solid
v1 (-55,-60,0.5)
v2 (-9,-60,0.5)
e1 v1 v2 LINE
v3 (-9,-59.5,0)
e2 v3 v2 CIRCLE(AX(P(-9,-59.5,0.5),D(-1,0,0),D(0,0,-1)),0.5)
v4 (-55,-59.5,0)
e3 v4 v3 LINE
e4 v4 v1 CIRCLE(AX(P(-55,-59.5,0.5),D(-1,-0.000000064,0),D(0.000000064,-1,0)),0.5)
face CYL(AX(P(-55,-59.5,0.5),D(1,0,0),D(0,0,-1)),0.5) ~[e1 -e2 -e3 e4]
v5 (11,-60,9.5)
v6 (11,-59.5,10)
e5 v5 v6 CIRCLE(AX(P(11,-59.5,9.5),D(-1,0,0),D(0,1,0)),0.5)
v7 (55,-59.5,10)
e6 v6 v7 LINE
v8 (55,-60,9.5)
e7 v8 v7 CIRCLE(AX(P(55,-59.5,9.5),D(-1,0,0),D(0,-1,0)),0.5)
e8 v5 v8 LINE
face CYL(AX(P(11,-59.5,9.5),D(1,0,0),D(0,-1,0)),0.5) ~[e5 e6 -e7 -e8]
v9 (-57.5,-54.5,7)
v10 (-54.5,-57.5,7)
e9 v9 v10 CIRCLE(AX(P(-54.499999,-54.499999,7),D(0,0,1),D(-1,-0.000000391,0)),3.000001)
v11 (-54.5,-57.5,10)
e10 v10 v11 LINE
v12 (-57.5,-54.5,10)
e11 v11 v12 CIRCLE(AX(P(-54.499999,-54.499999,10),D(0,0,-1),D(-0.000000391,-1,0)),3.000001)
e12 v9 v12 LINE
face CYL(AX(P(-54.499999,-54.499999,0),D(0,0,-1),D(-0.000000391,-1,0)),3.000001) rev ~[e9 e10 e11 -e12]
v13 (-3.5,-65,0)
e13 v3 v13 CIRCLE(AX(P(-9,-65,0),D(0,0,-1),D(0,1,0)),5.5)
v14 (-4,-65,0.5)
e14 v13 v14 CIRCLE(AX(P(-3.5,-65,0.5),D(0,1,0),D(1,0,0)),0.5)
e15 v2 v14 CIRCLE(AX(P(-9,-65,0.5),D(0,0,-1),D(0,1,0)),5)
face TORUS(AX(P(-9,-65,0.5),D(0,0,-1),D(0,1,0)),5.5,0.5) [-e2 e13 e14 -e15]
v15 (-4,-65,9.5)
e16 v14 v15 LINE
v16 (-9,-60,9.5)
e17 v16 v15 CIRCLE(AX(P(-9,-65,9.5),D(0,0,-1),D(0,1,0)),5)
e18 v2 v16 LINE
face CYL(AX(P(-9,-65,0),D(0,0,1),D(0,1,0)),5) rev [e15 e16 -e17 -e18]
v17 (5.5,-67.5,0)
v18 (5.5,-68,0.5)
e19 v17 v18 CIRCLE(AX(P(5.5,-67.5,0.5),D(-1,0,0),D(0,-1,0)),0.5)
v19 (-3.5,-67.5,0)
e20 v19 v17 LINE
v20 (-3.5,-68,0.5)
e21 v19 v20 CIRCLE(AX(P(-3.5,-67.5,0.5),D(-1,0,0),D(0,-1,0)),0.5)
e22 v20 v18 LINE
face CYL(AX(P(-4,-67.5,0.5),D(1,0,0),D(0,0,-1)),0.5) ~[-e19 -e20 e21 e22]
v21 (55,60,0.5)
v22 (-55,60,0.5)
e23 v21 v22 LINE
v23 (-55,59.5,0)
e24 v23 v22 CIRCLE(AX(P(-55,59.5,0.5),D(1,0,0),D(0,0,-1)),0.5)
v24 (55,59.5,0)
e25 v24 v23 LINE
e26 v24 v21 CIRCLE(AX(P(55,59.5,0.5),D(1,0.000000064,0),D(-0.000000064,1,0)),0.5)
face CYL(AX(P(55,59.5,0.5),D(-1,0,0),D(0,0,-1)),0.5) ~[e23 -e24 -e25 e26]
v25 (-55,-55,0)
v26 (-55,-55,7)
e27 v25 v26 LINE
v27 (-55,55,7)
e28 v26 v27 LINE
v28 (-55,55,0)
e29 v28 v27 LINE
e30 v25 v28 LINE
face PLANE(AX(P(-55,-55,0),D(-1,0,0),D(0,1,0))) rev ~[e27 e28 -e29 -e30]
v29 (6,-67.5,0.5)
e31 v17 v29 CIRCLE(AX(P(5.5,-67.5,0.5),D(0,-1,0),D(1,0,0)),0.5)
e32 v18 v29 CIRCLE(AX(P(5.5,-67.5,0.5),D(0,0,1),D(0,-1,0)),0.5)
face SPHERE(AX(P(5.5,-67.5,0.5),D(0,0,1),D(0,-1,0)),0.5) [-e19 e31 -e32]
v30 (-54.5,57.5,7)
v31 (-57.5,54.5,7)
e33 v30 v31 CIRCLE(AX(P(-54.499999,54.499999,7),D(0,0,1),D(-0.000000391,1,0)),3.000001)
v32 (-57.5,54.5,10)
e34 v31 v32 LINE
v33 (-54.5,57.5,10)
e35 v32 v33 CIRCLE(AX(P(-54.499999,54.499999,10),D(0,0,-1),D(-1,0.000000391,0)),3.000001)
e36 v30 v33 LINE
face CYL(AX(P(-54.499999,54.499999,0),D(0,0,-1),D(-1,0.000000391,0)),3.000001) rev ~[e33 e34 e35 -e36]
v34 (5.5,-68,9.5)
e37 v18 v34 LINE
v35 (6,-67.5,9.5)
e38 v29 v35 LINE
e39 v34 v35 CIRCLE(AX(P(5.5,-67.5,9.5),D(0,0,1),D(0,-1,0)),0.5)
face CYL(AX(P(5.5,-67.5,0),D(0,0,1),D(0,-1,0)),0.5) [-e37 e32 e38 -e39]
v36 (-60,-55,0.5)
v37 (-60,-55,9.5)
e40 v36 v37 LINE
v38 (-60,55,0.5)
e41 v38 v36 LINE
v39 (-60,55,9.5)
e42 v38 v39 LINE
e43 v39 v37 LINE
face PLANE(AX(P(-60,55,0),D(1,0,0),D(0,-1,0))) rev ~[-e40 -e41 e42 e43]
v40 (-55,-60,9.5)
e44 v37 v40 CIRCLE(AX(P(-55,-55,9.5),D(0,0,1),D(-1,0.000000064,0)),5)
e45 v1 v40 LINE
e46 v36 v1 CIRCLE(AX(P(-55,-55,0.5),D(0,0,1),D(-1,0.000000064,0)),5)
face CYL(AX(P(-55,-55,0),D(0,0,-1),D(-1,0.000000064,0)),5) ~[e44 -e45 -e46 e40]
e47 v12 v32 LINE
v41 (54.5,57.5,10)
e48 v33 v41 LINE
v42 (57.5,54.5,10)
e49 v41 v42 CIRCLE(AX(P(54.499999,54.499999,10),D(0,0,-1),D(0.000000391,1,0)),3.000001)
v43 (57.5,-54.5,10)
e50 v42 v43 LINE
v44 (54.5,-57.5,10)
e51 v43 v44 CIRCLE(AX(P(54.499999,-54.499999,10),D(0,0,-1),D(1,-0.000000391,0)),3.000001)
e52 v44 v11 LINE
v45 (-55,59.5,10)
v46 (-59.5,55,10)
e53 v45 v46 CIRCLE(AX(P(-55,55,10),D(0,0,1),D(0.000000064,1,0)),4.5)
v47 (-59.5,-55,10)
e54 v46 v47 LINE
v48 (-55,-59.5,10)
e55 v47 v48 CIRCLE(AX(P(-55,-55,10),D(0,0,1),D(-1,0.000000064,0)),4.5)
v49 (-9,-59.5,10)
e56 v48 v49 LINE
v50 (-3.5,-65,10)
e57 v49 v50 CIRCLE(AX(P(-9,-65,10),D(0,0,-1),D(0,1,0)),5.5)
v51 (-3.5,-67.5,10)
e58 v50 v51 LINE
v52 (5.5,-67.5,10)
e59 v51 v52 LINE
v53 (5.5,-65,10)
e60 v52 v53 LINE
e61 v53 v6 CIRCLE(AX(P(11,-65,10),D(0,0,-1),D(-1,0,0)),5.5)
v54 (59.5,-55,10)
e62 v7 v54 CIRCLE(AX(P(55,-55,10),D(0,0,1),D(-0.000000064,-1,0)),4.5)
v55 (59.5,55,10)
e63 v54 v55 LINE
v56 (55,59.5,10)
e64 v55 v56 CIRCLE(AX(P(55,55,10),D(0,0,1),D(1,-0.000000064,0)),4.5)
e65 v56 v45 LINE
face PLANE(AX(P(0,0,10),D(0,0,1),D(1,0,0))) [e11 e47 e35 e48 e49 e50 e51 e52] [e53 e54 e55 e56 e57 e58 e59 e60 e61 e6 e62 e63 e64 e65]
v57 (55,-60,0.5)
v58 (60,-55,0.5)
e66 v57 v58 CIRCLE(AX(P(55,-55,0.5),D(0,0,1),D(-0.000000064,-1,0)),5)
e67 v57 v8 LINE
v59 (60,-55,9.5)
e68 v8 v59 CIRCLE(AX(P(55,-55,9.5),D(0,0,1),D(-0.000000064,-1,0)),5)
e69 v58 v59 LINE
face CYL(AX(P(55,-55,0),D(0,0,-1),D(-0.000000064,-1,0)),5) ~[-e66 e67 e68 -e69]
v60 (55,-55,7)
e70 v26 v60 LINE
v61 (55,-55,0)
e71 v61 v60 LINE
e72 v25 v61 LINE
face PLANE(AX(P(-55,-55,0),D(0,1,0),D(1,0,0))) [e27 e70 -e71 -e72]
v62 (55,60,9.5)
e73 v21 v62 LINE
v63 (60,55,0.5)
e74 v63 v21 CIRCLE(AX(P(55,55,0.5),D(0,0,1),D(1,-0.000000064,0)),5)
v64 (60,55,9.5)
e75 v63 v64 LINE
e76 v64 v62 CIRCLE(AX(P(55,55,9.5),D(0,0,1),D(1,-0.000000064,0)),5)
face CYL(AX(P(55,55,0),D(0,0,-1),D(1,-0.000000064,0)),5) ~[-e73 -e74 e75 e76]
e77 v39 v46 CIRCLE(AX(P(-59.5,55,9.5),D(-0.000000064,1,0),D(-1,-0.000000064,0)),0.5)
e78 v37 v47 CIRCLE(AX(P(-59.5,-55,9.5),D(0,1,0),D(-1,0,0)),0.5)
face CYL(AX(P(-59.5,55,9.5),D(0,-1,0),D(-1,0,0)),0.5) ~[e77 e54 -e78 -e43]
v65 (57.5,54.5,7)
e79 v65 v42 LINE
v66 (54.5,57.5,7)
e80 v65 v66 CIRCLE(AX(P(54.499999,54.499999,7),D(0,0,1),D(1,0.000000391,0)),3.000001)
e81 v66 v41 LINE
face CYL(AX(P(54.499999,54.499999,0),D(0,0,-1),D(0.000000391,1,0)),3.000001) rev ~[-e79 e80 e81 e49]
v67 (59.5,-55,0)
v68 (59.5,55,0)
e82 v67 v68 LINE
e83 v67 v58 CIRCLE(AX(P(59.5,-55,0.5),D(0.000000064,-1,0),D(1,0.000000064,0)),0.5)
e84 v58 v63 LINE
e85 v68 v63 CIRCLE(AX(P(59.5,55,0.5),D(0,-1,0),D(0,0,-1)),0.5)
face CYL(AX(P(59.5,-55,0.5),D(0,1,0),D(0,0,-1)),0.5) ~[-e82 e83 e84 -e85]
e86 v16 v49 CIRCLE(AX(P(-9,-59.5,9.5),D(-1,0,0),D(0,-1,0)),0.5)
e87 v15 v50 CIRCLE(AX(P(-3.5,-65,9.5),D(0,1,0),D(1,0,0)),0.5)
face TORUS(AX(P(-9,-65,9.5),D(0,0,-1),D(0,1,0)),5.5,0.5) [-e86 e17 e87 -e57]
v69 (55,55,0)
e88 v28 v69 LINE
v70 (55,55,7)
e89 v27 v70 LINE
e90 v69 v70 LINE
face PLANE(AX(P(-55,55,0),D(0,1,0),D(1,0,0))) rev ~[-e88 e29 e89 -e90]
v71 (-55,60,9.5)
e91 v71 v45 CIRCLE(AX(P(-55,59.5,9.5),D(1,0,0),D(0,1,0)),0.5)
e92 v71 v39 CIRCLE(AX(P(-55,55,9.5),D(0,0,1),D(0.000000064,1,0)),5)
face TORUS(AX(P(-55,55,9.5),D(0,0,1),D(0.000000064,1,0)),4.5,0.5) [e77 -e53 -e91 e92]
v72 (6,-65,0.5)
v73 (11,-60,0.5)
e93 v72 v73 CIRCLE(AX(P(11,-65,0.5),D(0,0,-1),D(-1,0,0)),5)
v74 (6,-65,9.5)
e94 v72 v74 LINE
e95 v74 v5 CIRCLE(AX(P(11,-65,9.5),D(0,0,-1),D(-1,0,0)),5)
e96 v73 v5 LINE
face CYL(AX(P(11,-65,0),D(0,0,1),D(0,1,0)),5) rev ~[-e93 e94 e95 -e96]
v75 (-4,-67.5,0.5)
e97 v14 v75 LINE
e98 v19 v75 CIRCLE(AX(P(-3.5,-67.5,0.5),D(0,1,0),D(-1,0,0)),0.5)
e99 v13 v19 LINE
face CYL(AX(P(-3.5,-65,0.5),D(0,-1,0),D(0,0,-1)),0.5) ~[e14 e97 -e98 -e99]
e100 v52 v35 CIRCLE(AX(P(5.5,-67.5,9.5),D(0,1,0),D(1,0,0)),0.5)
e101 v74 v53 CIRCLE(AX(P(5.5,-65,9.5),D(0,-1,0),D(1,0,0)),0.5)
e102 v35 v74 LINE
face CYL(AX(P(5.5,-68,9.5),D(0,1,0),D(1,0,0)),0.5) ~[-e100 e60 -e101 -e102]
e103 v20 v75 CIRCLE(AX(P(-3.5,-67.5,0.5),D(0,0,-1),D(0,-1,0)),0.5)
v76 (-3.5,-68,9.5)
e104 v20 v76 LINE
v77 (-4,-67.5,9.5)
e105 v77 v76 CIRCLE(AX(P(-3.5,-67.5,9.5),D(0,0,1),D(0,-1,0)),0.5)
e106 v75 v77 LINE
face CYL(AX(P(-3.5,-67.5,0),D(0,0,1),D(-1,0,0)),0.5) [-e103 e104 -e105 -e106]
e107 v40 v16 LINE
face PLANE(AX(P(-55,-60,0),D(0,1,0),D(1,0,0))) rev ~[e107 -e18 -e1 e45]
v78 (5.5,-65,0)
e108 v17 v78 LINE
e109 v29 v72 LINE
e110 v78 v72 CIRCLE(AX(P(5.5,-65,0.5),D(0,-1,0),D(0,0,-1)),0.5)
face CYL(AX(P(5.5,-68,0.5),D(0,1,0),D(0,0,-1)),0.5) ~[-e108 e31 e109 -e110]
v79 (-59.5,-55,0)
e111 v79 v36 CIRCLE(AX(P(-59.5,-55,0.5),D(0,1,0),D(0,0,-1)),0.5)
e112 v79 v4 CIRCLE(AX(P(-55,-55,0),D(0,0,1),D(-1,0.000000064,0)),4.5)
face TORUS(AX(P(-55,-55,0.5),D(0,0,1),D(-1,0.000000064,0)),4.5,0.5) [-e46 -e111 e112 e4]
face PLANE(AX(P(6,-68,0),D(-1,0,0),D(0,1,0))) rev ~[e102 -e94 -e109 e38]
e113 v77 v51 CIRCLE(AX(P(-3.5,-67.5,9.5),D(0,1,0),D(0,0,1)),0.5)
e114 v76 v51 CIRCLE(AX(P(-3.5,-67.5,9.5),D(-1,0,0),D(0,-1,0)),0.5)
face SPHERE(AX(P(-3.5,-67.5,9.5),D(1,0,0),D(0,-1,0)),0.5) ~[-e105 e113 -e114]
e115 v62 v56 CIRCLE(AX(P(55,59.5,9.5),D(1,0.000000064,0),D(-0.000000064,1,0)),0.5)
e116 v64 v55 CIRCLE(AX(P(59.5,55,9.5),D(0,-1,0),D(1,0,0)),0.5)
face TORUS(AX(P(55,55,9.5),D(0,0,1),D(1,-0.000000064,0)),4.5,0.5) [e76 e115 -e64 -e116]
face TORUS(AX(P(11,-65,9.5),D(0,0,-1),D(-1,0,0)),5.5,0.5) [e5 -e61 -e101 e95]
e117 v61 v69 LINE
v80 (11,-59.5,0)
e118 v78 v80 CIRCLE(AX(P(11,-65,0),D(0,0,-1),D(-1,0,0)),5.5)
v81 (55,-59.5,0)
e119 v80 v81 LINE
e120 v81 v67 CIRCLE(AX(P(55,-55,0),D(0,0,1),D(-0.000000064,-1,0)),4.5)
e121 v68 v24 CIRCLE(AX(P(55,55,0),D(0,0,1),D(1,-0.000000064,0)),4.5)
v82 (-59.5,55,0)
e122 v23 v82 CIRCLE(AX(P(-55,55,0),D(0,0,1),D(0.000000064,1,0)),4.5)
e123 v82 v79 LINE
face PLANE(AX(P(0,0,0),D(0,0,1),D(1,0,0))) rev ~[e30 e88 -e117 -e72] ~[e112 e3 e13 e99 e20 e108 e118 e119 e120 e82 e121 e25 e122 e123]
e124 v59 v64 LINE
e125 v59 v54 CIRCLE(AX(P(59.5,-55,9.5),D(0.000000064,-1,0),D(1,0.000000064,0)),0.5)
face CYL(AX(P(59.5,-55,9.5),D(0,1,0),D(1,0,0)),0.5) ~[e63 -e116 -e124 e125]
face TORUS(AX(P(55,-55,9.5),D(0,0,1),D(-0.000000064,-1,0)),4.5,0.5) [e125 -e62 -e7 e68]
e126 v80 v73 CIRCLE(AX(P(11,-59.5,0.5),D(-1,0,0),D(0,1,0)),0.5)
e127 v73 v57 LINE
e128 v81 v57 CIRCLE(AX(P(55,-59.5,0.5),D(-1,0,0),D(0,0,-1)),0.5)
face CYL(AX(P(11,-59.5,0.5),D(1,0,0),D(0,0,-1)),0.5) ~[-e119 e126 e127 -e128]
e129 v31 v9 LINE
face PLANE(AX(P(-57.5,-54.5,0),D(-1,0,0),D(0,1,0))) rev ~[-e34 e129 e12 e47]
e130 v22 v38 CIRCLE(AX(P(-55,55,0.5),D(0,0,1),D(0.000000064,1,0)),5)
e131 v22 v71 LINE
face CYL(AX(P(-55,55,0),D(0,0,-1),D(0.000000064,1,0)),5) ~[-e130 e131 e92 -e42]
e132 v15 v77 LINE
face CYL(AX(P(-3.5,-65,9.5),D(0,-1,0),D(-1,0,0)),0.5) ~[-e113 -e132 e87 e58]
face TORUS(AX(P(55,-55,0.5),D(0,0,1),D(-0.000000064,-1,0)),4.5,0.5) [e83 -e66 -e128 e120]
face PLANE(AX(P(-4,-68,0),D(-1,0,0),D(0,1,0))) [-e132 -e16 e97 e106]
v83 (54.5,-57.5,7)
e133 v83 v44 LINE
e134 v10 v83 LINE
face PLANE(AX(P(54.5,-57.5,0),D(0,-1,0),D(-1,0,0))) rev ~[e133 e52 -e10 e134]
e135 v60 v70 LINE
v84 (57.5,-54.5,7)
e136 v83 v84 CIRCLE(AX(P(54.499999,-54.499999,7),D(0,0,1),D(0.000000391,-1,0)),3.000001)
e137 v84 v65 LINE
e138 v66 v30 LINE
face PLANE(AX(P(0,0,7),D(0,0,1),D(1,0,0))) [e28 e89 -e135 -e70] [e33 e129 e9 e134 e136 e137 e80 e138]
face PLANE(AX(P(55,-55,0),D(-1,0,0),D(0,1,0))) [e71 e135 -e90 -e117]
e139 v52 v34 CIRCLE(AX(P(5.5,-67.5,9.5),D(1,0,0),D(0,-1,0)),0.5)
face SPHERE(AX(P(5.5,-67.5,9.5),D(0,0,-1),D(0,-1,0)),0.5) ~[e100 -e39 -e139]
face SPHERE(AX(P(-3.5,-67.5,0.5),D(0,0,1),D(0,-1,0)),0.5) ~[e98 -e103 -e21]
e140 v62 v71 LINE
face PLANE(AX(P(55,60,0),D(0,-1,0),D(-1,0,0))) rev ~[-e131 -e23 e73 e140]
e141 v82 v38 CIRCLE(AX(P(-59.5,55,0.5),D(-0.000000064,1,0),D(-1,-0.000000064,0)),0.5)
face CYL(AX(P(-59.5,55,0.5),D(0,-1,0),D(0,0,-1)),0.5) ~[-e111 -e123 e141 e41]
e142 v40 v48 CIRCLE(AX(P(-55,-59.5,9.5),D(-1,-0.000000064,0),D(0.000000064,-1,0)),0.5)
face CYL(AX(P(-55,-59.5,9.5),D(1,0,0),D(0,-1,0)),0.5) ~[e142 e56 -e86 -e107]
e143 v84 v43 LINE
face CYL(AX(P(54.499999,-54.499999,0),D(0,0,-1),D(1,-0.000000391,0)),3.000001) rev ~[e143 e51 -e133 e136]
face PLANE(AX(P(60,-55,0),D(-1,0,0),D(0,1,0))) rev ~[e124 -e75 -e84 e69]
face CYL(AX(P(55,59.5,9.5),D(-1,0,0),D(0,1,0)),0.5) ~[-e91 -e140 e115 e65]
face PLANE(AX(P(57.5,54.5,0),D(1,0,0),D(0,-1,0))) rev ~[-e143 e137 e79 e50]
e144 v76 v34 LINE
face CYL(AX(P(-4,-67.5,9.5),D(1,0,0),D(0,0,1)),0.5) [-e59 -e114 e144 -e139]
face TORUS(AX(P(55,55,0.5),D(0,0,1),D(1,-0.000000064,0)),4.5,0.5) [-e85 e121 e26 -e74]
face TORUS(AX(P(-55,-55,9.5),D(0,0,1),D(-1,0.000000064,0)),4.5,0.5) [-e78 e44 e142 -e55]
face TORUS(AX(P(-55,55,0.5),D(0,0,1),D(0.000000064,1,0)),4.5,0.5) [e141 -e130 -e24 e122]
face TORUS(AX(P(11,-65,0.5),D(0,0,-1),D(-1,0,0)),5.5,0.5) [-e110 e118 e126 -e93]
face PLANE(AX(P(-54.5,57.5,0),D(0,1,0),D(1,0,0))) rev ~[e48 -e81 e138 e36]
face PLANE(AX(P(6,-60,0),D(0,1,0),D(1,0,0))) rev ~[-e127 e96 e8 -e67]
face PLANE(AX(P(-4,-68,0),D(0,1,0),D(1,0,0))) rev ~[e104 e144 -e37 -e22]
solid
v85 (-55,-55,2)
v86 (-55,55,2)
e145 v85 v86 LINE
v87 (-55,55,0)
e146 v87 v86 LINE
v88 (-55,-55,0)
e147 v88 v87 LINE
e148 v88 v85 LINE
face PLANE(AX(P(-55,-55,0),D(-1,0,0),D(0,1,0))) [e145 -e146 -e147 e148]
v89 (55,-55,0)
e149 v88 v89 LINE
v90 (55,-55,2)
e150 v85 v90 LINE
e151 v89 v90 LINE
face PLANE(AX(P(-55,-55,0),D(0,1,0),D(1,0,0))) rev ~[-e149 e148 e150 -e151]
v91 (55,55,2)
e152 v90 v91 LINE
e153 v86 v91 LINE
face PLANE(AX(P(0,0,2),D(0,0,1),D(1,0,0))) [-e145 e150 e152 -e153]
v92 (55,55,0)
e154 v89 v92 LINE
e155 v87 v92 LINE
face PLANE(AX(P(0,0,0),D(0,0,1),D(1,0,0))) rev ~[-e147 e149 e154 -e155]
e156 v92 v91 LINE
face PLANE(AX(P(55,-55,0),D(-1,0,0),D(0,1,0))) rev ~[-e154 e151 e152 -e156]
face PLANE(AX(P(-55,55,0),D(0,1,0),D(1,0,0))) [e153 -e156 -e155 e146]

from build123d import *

# Parameters (mm, degrees)
F0_W     = 110
F0_H     = 110
F1_DEPTH = 2
F2_DEPTH = 7
F0_W_2   = 10
F0_H_2   = 8
F3_DEPTH = 10
F4_R     = 5
F5_R     = 0.5


with BuildPart() as f1:
    # F0 (on Top) → F1 (new body)
    with BuildSketch(Plane.XY):
        Rectangle(F0_W, F0_H)
    extrude(amount=F1_DEPTH)


with BuildPart() as f2:
    # F0 (on Top) → F2 (new body)
    with BuildSketch(Plane.XY):
        with BuildLine():
            Line((-54.5, -57.5), (54.5, -57.5))
            ThreePointArc((54.5, -57.5), (56.62132, -56.62132), (57.5, -54.5))
            Line((57.5, -54.5), (57.5, 54.5))
            ThreePointArc((57.5, 54.5), (56.62132, 56.62132), (54.5, 57.5))
            Line((54.5, 57.5), (-54.5, 57.5))
            ThreePointArc((-54.5, 57.5), (-56.62132, 56.62132), (-57.5, 54.5))
            Line((-57.5, 54.5), (-57.5, -54.5))
            ThreePointArc((-57.5, -54.5), (-56.62132, -56.62132), (-54.5, -57.5))
        make_face()
        Rectangle(F0_W, F0_H, mode=Mode.SUBTRACT)
    extrude(amount=F2_DEPTH)

    # F0 (on Top) → F3 (join)
    with BuildSketch(Plane.XY):
        with BuildLine():
            Line((6, -60), (55, -60))
            ThreePointArc((55, -60), (58.535534, -58.535534), (60, -55))
            Line((60, -55), (60, 55))
            ThreePointArc((60, 55), (58.535534, 58.535534), (55, 60))
            Line((55, 60), (-55, 60))
            ThreePointArc((-55, 60), (-58.535534, 58.535534), (-60, 55))
            Line((-60, 55), (-60, -55))
            ThreePointArc((-60, -55), (-58.535534, -58.535534), (-55, -60))
            Line((-55, -60), (-4, -60))
            Line((-4, -60), (6, -60))
        make_face()
        with BuildLine():
            ThreePointArc((57.5, -54.5), (56.62132, -56.62132), (54.5, -57.5))
            Line((54.5, -57.5), (-54.5, -57.5))
            ThreePointArc((-54.5, -57.5), (-56.62132, -56.62132), (-57.5, -54.5))
            Line((-57.5, -54.5), (-57.5, 54.5))
            ThreePointArc((-57.5, 54.5), (-56.62132, 56.62132), (-54.5, 57.5))
            Line((-54.5, 57.5), (54.5, 57.5))
            ThreePointArc((54.5, 57.5), (56.62132, 56.62132), (57.5, 54.5))
            Line((57.5, 54.5), (57.5, -54.5))
        make_face(mode=Mode.SUBTRACT)
        with Locations((1, -64)):
            Rectangle(F0_W_2, F0_H_2)
    extrude(amount=F3_DEPTH)

    # F4
    f4_edges = [f2.edges().sort_by_distance(p)[0] for p in [
        (6, -60, 5),
        (-4, -60, 5),
    ]]
    fillet(f4_edges, radius=F4_R)

    # F5
    f5_edges = [f2.edges().sort_by_distance(p)[0] for p in [
        (6, -68, 5),
        (1, -68, 10),
        (-4, -68, 5),
        (1, -68, 0),
        (33, -60, 10),
        (60, 0, 0),
    ]]
    fillet(f5_edges, radius=F5_R)


solid = Compound([f1.part, f2.part])
